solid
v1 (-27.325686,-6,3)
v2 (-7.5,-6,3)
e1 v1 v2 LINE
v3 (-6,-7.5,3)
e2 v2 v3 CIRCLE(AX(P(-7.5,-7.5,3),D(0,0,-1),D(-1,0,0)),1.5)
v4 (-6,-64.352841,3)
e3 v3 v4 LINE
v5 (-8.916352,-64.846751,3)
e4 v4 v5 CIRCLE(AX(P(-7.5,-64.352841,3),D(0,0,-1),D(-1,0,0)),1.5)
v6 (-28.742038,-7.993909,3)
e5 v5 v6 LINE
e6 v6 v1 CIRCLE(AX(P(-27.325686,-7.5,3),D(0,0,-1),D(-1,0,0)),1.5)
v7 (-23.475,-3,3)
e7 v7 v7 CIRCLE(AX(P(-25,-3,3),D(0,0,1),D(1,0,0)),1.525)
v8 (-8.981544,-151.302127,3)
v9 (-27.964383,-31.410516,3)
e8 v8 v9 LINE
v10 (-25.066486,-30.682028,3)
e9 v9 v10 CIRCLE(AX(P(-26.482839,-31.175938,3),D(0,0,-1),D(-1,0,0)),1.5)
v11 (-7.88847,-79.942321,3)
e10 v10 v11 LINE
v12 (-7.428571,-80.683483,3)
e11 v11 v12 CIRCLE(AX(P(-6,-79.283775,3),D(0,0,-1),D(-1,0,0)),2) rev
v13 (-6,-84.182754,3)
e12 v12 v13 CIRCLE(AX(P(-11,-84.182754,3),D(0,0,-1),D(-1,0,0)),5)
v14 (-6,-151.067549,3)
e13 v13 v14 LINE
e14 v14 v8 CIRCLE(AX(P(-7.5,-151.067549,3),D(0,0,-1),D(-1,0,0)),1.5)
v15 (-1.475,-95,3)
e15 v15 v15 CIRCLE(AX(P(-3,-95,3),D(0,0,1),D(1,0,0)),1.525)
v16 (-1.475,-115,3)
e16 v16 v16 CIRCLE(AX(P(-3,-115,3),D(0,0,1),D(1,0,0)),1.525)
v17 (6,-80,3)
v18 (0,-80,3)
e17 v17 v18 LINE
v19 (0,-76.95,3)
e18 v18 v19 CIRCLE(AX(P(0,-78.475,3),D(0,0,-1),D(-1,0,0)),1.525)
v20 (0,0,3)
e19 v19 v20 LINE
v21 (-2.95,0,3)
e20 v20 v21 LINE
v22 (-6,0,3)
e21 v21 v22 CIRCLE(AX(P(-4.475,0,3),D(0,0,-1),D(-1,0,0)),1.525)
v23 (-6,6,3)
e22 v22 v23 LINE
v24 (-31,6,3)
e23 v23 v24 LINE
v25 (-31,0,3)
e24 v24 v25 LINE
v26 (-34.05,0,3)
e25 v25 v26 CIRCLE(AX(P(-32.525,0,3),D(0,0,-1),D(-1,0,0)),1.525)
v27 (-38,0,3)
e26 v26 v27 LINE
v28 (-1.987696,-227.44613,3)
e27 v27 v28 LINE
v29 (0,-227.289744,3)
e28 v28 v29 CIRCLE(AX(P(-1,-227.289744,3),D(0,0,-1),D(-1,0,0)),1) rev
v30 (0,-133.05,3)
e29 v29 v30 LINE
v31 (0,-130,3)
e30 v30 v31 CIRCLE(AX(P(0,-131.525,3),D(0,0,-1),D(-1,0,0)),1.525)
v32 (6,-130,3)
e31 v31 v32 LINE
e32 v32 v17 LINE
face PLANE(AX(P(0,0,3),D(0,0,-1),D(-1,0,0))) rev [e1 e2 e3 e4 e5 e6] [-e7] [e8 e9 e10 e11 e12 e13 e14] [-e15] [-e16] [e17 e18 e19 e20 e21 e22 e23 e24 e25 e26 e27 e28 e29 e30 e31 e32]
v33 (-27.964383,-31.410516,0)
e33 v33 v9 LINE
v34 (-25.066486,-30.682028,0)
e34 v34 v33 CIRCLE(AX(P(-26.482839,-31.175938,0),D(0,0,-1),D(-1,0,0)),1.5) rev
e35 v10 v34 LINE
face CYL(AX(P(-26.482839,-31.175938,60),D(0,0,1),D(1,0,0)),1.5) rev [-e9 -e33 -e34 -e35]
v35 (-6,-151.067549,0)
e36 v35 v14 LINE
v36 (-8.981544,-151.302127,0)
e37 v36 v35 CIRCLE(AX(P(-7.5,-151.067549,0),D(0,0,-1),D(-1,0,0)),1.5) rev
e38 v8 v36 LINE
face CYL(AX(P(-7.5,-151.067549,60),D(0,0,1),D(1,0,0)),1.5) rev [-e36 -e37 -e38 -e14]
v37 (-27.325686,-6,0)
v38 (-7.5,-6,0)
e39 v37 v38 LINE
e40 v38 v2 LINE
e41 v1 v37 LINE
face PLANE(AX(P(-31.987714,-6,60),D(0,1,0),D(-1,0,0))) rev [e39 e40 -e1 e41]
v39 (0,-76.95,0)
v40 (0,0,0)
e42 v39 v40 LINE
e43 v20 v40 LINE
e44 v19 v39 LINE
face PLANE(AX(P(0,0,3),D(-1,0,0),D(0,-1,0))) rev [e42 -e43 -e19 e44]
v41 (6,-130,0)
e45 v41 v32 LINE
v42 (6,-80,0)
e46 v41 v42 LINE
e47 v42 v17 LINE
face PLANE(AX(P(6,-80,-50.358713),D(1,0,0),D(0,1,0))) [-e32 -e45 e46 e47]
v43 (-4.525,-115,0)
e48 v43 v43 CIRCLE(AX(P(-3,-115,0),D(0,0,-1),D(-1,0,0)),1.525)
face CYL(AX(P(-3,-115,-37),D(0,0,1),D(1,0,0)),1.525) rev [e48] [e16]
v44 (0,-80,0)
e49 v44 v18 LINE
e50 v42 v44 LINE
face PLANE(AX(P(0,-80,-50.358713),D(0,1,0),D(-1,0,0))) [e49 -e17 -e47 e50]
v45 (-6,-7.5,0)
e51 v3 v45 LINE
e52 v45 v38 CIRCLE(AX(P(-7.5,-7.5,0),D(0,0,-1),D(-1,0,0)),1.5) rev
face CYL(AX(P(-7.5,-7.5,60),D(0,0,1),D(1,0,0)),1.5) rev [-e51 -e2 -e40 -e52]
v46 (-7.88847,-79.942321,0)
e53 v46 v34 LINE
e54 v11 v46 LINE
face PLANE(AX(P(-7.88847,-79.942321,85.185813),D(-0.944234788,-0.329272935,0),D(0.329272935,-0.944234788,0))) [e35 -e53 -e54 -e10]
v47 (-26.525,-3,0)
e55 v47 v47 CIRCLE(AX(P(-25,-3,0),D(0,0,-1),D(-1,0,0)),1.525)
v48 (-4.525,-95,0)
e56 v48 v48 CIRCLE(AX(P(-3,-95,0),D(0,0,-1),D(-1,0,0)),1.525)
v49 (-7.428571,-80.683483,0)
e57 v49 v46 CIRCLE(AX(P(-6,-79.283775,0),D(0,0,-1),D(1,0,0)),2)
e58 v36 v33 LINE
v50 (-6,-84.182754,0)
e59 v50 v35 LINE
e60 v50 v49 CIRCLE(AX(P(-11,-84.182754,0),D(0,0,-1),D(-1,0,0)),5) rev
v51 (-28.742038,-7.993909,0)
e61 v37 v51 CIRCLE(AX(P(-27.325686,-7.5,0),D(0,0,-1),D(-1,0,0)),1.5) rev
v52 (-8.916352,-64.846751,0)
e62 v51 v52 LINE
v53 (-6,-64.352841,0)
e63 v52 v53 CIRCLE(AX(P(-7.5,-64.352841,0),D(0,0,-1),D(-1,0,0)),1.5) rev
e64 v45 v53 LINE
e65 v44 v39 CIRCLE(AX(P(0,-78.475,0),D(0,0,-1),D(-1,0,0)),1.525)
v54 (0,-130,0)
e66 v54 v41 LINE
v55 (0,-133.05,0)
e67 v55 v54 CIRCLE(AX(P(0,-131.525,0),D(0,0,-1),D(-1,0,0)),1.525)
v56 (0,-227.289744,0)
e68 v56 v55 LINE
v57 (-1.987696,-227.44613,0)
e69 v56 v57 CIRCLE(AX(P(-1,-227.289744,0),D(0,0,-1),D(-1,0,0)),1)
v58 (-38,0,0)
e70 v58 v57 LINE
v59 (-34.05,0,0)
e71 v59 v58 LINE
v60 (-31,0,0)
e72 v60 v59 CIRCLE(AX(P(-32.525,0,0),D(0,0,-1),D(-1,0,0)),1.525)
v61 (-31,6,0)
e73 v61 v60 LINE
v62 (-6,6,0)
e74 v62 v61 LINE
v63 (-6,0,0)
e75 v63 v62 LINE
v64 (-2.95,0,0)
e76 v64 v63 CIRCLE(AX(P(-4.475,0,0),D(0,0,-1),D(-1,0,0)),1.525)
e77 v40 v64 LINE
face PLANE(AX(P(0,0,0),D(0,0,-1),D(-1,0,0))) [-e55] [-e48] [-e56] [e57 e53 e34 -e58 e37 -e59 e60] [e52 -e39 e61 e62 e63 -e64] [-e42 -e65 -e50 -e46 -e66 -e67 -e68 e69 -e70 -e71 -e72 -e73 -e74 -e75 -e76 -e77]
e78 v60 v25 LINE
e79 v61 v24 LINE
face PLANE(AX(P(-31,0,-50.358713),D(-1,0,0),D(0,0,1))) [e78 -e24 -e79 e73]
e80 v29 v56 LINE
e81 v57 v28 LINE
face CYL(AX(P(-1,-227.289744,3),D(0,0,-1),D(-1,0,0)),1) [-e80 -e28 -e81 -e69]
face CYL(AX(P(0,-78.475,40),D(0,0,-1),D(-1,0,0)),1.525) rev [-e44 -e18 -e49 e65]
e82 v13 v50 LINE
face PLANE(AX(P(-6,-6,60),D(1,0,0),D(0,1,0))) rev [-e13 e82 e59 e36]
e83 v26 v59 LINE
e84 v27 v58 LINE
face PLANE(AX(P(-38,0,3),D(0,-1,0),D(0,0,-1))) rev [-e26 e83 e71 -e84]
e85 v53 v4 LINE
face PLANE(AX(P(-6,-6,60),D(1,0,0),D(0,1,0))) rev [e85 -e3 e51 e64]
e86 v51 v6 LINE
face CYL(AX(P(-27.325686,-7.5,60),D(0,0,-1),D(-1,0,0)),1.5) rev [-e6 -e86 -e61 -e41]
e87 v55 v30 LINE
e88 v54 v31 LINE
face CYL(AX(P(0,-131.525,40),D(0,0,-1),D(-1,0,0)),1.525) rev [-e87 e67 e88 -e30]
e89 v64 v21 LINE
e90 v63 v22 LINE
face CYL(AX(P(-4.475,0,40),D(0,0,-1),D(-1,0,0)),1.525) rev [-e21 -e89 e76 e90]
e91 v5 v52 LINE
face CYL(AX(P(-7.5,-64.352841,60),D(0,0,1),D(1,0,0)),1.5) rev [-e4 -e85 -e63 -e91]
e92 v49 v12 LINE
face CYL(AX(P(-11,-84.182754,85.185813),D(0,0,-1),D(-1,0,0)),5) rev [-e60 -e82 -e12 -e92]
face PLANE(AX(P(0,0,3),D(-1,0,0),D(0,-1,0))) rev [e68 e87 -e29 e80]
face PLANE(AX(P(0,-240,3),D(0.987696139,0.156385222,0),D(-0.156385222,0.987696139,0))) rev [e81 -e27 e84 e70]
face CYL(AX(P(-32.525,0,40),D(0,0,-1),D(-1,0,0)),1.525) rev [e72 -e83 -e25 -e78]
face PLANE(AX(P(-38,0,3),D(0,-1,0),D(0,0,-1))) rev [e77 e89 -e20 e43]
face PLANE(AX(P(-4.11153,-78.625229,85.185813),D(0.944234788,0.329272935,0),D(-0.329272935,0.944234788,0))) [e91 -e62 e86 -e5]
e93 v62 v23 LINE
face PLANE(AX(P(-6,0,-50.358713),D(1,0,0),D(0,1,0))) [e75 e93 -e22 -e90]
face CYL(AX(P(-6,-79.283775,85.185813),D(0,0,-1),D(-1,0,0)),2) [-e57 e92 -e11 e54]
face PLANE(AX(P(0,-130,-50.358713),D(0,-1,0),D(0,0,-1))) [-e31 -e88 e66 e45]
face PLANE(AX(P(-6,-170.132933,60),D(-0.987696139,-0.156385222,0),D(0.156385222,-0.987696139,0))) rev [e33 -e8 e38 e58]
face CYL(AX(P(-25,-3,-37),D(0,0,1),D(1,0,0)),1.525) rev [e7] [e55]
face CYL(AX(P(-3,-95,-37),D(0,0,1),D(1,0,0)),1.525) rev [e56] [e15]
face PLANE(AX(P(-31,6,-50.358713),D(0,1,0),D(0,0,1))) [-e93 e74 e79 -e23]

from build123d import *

# Parameters (mm, degrees)
EXTRUDE_1_DEPTH     = 3
SKETCH_2_R          = 1.525
CUT_EXTRUDE_1_DEPTH = 40
SKETCH_4_W          = 25
SKETCH_4_H          = 6
SKETCH_4_W_2        = 6
SKETCH_4_H_2        = 50
EXTRUDE_2_DEPTH     = 3
SKETCH_5_R          = 1.525
CUT_EXTRUDE_2_DEPTH = 40
CUT_EXTRUDE_3_DEPTH = 60
FILLET_1_R          = 1
FILLET_2_R          = 1.5
EXTRUDE_3_DEPTH     = 3
FILLET_3_R          = 5
FILLET_4_R          = 1.5


with BuildPart() as part:
    # 草图1 → 凸台-拉伸1 (new body)
    with BuildSketch(Plane.XY):
        Polygon((-38, 0), (0, 0), (0, -240), align=None)
    extrude(amount=EXTRUDE_1_DEPTH)

    # 草图2 → 切除-拉伸1 (cut)
    with BuildSketch(Plane.XY.offset(3)):
        with Locations((-3, -115)):
            Circle(SKETCH_2_R)
        with Locations((-3, -95)):
            Circle(SKETCH_2_R)
        with Locations((-25, -3)):
            Circle(SKETCH_2_R)
    extrude(amount=-CUT_EXTRUDE_1_DEPTH, mode=Mode.SUBTRACT)

    # 草图4 → 凸台-拉伸2 (add)
    with BuildSketch(Plane.XY.offset(3)):
        with Locations((-18.5, 3)):
            Rectangle(SKETCH_4_W, SKETCH_4_H)
        with Locations((3, -105)):
            Rectangle(SKETCH_4_W_2, SKETCH_4_H_2)
    extrude(amount=-EXTRUDE_2_DEPTH)

    # 草图5 → 切除-拉伸2 (cut)
    with BuildSketch(Plane(origin=(0, 0, 0), x_dir=(-1, 0, 0), z_dir=(0, 0, -1))):
        with Locations((0, -78.475)):
            Circle(SKETCH_5_R)
        with Locations((0, -131.525)):
            Circle(SKETCH_5_R)
        with Locations((4.475, 0)):
            Circle(SKETCH_5_R)
        with Locations((32.525, 0)):
            Circle(SKETCH_5_R)
    extrude(amount=-CUT_EXTRUDE_2_DEPTH, mode=Mode.SUBTRACT)

    # 草图6 → 切除-拉伸3 (cut)
    with BuildSketch(Plane(origin=(0, 0, 0), x_dir=(-1, 0, 0), z_dir=(0, 0, -1))):
        Polygon((6, -6), (6, -170.132932669), (31.987714339, -6), align=None)
    extrude(amount=-CUT_EXTRUDE_3_DEPTH, mode=Mode.SUBTRACT)

    # 圆角1
    fillet_1_edges = [part.edges().sort_by_distance(p)[0] for p in [
        (0, -240, 1.5),
    ]]
    fillet(fillet_1_edges, radius=FILLET_1_R)

    # 圆角2
    fillet_2_edges = [part.edges().sort_by_distance(p)[0] for p in [
        (-6, -6, 1.5),
        (-31.987714339, -6, 1.5),
        (-6, -170.132932669, 1.5),
    ]]
    fillet(fillet_2_edges, radius=FILLET_2_R)

    # 草图7 → 凸台-拉伸3 (add)
    with BuildSketch(Plane(origin=(0, 0, 0), x_dir=(-1, 0, 0), z_dir=(0, 0, -1))):
        with BuildLine():
            Line((7.888469575, -79.942320526), (33.26058288, -7.184345364))
            ThreePointArc((33.26058288, -7.184345364), (32.030659174, -4.637329919), (29.483643729, -5.867253624))
            Line((29.483643729, -5.867253624), (4.111530425, -78.625228786))
            ThreePointArc((4.111530425, -78.625228786), (5.34145413, -81.172244231), (7.888469575, -79.942320526))
        make_face()
    extrude(amount=-EXTRUDE_3_DEPTH)

    # 圆角3
    fillet_3_edges = [part.edges().sort_by_distance(p)[0] for p in [
        (-6, -81.283774656, 1.5),
    ]]
    fillet(fillet_3_edges, radius=FILLET_3_R)

    # 圆角4
    fillet_4_edges = [part.edges().sort_by_distance(p)[0] for p in [
        (-6, -73.209786217, 1.5),
        (-30.585668879, -14.855023959, 1.5),
        (-29.4373525, -6, 1.5),
    ]]
    fillet(fillet_4_edges, radius=FILLET_4_R)


solid = part.part
